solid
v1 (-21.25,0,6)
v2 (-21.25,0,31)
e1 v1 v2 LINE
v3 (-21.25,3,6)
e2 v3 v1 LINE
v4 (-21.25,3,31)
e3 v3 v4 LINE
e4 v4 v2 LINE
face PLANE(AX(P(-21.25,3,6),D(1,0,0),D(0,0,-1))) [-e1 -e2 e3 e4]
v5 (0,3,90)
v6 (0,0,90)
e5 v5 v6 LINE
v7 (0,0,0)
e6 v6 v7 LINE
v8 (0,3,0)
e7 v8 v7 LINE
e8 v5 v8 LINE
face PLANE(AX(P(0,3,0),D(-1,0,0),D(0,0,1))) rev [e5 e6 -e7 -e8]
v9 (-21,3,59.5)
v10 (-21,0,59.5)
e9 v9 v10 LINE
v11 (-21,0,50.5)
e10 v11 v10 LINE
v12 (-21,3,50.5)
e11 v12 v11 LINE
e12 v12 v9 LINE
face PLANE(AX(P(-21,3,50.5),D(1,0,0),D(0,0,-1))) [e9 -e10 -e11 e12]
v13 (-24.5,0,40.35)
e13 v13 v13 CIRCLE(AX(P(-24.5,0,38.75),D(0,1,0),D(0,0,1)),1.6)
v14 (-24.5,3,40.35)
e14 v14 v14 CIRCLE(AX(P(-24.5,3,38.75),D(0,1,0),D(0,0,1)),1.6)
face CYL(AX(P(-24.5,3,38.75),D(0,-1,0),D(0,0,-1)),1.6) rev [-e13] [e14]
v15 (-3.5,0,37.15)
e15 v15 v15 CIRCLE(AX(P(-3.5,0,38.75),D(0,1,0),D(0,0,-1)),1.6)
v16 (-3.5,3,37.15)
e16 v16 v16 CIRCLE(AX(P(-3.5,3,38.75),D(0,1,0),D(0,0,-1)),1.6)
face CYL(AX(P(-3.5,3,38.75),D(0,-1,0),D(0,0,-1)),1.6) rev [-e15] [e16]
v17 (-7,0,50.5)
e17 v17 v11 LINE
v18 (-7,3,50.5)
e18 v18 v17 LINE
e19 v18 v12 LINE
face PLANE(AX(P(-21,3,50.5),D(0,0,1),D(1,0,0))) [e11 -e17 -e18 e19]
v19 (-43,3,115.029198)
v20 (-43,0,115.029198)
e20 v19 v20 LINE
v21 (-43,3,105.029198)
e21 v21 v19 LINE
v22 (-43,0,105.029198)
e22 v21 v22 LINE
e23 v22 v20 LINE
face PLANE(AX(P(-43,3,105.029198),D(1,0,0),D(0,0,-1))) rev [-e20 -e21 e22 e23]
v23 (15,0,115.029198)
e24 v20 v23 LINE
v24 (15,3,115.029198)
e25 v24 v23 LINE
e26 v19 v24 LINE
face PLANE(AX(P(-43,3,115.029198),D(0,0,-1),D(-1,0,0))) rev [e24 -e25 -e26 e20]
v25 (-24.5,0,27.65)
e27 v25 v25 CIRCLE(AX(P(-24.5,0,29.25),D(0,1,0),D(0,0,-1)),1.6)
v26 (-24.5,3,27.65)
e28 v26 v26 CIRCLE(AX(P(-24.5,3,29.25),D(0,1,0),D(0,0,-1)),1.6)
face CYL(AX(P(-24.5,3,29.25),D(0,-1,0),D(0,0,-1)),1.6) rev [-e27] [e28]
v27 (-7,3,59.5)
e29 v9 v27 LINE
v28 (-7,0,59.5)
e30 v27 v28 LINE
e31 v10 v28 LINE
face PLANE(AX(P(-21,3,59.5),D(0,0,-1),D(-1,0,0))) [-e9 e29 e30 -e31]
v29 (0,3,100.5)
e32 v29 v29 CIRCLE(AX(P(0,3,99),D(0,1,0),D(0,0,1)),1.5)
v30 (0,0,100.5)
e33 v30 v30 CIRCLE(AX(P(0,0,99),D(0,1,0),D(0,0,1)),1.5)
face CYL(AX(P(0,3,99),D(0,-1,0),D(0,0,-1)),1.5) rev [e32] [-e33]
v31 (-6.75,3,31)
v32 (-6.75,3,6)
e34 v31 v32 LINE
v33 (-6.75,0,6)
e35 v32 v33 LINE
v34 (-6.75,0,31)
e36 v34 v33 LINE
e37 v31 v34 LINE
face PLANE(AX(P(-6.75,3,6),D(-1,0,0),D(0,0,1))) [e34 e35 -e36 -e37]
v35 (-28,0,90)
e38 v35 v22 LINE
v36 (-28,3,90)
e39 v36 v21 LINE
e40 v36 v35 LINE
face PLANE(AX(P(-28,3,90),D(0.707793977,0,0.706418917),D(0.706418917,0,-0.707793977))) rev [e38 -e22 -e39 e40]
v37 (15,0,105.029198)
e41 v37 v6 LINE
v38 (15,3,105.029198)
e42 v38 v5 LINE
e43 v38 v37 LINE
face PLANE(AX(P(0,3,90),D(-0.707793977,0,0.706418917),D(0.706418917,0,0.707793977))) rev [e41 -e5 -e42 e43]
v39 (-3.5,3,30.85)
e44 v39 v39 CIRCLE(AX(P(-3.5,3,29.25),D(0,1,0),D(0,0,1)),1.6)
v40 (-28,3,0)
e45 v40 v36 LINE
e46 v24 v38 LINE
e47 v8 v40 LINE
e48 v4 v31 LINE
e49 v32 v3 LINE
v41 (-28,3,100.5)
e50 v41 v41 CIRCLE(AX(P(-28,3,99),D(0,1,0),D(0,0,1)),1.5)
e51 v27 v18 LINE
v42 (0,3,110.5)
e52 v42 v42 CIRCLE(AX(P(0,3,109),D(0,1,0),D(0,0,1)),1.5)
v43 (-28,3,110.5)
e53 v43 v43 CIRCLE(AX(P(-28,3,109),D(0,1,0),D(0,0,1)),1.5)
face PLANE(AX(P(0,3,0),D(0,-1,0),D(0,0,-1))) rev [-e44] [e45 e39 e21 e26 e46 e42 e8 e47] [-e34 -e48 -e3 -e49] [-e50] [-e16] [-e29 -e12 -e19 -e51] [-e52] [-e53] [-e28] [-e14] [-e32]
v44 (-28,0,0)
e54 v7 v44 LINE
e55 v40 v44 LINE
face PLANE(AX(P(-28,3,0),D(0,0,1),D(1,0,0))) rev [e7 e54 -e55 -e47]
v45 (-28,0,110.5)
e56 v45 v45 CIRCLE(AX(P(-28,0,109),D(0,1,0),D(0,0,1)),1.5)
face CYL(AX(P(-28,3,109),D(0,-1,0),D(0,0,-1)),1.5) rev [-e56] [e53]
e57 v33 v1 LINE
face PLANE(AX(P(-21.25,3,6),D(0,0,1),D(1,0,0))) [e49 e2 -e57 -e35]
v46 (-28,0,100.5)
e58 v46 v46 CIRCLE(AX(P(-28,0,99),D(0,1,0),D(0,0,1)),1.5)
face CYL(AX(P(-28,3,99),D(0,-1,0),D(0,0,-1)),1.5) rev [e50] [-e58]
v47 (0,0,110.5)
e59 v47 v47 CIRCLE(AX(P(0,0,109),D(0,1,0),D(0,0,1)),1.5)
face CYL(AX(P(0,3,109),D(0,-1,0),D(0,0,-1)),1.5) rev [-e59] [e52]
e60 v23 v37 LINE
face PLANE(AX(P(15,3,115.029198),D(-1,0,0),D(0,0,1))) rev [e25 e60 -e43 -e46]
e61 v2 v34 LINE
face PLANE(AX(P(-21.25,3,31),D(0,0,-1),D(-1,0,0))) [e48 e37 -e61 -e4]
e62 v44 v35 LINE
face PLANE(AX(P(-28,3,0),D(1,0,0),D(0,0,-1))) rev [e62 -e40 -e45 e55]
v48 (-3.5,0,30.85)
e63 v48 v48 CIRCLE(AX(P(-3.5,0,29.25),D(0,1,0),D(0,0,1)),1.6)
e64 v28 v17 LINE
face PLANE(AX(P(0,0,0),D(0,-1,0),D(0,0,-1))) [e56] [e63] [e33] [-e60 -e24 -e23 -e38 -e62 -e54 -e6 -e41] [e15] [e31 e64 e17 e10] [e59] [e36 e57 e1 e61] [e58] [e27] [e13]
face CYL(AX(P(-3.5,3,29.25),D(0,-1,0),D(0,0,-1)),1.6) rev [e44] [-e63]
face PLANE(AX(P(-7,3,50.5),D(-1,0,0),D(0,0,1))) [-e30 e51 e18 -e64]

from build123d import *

# Parameters (mm, degrees)
SKETCH1_R           = 1.6
SKETCH1_R_2         = 1.5
SKETCH1_W           = 14
SKETCH1_H           = 9
SKETCH1_W_2         = 14.5
SKETCH1_H_2         = 25
BOSS_EXTRUDE1_DEPTH = 3


with BuildPart() as part:
    # Sketch1 → Boss-Extrude1 (new body)
    with BuildSketch(Plane(origin=(0, 0, 0), x_dir=(1, 0, 0), z_dir=(0, 1, 0))):
        Polygon((0, 0), (0, -90), (15, -105.02919784), (15, -115.02919784), (-43, -115.02919784), (-43, -105.02919784), (-28, -90), (-28, 0), align=None)
        with Locations(Location((-24.5, -38.75, 0), (0, 0, 270))):
            Circle(SKETCH1_R, mode=Mode.SUBTRACT)
        with Locations(Location((-3.5, -38.75, 0), (0, 0, 90))):
            Circle(SKETCH1_R, mode=Mode.SUBTRACT)
        with Locations(Location((-3.5, -29.25, 0), (0, 0, 270))):
            Circle(SKETCH1_R, mode=Mode.SUBTRACT)
        with Locations(Location((-24.5, -29.25, 0), (0, 0, 90))):
            Circle(SKETCH1_R, mode=Mode.SUBTRACT)
        with Locations(Location((-28, -99, 0), (0, 0, 270))):
            Circle(SKETCH1_R_2, mode=Mode.SUBTRACT)
        with Locations(Location((0, -99, 0), (0, 0, 270))):
            Circle(SKETCH1_R_2, mode=Mode.SUBTRACT)
        with Locations(Location((-28, -109, 0), (0, 0, 270))):
            Circle(SKETCH1_R_2, mode=Mode.SUBTRACT)
        with Locations(Location((0, -109, 0), (0, 0, 270))):
            Circle(SKETCH1_R_2, mode=Mode.SUBTRACT)
        with Locations((-14, -55)):
            Rectangle(SKETCH1_W, SKETCH1_H, mode=Mode.SUBTRACT)
        with Locations((-14, -18.5)):
            Rectangle(SKETCH1_W_2, SKETCH1_H_2, mode=Mode.SUBTRACT)
    extrude(amount=BOSS_EXTRUDE1_DEPTH)


solid = part.part
